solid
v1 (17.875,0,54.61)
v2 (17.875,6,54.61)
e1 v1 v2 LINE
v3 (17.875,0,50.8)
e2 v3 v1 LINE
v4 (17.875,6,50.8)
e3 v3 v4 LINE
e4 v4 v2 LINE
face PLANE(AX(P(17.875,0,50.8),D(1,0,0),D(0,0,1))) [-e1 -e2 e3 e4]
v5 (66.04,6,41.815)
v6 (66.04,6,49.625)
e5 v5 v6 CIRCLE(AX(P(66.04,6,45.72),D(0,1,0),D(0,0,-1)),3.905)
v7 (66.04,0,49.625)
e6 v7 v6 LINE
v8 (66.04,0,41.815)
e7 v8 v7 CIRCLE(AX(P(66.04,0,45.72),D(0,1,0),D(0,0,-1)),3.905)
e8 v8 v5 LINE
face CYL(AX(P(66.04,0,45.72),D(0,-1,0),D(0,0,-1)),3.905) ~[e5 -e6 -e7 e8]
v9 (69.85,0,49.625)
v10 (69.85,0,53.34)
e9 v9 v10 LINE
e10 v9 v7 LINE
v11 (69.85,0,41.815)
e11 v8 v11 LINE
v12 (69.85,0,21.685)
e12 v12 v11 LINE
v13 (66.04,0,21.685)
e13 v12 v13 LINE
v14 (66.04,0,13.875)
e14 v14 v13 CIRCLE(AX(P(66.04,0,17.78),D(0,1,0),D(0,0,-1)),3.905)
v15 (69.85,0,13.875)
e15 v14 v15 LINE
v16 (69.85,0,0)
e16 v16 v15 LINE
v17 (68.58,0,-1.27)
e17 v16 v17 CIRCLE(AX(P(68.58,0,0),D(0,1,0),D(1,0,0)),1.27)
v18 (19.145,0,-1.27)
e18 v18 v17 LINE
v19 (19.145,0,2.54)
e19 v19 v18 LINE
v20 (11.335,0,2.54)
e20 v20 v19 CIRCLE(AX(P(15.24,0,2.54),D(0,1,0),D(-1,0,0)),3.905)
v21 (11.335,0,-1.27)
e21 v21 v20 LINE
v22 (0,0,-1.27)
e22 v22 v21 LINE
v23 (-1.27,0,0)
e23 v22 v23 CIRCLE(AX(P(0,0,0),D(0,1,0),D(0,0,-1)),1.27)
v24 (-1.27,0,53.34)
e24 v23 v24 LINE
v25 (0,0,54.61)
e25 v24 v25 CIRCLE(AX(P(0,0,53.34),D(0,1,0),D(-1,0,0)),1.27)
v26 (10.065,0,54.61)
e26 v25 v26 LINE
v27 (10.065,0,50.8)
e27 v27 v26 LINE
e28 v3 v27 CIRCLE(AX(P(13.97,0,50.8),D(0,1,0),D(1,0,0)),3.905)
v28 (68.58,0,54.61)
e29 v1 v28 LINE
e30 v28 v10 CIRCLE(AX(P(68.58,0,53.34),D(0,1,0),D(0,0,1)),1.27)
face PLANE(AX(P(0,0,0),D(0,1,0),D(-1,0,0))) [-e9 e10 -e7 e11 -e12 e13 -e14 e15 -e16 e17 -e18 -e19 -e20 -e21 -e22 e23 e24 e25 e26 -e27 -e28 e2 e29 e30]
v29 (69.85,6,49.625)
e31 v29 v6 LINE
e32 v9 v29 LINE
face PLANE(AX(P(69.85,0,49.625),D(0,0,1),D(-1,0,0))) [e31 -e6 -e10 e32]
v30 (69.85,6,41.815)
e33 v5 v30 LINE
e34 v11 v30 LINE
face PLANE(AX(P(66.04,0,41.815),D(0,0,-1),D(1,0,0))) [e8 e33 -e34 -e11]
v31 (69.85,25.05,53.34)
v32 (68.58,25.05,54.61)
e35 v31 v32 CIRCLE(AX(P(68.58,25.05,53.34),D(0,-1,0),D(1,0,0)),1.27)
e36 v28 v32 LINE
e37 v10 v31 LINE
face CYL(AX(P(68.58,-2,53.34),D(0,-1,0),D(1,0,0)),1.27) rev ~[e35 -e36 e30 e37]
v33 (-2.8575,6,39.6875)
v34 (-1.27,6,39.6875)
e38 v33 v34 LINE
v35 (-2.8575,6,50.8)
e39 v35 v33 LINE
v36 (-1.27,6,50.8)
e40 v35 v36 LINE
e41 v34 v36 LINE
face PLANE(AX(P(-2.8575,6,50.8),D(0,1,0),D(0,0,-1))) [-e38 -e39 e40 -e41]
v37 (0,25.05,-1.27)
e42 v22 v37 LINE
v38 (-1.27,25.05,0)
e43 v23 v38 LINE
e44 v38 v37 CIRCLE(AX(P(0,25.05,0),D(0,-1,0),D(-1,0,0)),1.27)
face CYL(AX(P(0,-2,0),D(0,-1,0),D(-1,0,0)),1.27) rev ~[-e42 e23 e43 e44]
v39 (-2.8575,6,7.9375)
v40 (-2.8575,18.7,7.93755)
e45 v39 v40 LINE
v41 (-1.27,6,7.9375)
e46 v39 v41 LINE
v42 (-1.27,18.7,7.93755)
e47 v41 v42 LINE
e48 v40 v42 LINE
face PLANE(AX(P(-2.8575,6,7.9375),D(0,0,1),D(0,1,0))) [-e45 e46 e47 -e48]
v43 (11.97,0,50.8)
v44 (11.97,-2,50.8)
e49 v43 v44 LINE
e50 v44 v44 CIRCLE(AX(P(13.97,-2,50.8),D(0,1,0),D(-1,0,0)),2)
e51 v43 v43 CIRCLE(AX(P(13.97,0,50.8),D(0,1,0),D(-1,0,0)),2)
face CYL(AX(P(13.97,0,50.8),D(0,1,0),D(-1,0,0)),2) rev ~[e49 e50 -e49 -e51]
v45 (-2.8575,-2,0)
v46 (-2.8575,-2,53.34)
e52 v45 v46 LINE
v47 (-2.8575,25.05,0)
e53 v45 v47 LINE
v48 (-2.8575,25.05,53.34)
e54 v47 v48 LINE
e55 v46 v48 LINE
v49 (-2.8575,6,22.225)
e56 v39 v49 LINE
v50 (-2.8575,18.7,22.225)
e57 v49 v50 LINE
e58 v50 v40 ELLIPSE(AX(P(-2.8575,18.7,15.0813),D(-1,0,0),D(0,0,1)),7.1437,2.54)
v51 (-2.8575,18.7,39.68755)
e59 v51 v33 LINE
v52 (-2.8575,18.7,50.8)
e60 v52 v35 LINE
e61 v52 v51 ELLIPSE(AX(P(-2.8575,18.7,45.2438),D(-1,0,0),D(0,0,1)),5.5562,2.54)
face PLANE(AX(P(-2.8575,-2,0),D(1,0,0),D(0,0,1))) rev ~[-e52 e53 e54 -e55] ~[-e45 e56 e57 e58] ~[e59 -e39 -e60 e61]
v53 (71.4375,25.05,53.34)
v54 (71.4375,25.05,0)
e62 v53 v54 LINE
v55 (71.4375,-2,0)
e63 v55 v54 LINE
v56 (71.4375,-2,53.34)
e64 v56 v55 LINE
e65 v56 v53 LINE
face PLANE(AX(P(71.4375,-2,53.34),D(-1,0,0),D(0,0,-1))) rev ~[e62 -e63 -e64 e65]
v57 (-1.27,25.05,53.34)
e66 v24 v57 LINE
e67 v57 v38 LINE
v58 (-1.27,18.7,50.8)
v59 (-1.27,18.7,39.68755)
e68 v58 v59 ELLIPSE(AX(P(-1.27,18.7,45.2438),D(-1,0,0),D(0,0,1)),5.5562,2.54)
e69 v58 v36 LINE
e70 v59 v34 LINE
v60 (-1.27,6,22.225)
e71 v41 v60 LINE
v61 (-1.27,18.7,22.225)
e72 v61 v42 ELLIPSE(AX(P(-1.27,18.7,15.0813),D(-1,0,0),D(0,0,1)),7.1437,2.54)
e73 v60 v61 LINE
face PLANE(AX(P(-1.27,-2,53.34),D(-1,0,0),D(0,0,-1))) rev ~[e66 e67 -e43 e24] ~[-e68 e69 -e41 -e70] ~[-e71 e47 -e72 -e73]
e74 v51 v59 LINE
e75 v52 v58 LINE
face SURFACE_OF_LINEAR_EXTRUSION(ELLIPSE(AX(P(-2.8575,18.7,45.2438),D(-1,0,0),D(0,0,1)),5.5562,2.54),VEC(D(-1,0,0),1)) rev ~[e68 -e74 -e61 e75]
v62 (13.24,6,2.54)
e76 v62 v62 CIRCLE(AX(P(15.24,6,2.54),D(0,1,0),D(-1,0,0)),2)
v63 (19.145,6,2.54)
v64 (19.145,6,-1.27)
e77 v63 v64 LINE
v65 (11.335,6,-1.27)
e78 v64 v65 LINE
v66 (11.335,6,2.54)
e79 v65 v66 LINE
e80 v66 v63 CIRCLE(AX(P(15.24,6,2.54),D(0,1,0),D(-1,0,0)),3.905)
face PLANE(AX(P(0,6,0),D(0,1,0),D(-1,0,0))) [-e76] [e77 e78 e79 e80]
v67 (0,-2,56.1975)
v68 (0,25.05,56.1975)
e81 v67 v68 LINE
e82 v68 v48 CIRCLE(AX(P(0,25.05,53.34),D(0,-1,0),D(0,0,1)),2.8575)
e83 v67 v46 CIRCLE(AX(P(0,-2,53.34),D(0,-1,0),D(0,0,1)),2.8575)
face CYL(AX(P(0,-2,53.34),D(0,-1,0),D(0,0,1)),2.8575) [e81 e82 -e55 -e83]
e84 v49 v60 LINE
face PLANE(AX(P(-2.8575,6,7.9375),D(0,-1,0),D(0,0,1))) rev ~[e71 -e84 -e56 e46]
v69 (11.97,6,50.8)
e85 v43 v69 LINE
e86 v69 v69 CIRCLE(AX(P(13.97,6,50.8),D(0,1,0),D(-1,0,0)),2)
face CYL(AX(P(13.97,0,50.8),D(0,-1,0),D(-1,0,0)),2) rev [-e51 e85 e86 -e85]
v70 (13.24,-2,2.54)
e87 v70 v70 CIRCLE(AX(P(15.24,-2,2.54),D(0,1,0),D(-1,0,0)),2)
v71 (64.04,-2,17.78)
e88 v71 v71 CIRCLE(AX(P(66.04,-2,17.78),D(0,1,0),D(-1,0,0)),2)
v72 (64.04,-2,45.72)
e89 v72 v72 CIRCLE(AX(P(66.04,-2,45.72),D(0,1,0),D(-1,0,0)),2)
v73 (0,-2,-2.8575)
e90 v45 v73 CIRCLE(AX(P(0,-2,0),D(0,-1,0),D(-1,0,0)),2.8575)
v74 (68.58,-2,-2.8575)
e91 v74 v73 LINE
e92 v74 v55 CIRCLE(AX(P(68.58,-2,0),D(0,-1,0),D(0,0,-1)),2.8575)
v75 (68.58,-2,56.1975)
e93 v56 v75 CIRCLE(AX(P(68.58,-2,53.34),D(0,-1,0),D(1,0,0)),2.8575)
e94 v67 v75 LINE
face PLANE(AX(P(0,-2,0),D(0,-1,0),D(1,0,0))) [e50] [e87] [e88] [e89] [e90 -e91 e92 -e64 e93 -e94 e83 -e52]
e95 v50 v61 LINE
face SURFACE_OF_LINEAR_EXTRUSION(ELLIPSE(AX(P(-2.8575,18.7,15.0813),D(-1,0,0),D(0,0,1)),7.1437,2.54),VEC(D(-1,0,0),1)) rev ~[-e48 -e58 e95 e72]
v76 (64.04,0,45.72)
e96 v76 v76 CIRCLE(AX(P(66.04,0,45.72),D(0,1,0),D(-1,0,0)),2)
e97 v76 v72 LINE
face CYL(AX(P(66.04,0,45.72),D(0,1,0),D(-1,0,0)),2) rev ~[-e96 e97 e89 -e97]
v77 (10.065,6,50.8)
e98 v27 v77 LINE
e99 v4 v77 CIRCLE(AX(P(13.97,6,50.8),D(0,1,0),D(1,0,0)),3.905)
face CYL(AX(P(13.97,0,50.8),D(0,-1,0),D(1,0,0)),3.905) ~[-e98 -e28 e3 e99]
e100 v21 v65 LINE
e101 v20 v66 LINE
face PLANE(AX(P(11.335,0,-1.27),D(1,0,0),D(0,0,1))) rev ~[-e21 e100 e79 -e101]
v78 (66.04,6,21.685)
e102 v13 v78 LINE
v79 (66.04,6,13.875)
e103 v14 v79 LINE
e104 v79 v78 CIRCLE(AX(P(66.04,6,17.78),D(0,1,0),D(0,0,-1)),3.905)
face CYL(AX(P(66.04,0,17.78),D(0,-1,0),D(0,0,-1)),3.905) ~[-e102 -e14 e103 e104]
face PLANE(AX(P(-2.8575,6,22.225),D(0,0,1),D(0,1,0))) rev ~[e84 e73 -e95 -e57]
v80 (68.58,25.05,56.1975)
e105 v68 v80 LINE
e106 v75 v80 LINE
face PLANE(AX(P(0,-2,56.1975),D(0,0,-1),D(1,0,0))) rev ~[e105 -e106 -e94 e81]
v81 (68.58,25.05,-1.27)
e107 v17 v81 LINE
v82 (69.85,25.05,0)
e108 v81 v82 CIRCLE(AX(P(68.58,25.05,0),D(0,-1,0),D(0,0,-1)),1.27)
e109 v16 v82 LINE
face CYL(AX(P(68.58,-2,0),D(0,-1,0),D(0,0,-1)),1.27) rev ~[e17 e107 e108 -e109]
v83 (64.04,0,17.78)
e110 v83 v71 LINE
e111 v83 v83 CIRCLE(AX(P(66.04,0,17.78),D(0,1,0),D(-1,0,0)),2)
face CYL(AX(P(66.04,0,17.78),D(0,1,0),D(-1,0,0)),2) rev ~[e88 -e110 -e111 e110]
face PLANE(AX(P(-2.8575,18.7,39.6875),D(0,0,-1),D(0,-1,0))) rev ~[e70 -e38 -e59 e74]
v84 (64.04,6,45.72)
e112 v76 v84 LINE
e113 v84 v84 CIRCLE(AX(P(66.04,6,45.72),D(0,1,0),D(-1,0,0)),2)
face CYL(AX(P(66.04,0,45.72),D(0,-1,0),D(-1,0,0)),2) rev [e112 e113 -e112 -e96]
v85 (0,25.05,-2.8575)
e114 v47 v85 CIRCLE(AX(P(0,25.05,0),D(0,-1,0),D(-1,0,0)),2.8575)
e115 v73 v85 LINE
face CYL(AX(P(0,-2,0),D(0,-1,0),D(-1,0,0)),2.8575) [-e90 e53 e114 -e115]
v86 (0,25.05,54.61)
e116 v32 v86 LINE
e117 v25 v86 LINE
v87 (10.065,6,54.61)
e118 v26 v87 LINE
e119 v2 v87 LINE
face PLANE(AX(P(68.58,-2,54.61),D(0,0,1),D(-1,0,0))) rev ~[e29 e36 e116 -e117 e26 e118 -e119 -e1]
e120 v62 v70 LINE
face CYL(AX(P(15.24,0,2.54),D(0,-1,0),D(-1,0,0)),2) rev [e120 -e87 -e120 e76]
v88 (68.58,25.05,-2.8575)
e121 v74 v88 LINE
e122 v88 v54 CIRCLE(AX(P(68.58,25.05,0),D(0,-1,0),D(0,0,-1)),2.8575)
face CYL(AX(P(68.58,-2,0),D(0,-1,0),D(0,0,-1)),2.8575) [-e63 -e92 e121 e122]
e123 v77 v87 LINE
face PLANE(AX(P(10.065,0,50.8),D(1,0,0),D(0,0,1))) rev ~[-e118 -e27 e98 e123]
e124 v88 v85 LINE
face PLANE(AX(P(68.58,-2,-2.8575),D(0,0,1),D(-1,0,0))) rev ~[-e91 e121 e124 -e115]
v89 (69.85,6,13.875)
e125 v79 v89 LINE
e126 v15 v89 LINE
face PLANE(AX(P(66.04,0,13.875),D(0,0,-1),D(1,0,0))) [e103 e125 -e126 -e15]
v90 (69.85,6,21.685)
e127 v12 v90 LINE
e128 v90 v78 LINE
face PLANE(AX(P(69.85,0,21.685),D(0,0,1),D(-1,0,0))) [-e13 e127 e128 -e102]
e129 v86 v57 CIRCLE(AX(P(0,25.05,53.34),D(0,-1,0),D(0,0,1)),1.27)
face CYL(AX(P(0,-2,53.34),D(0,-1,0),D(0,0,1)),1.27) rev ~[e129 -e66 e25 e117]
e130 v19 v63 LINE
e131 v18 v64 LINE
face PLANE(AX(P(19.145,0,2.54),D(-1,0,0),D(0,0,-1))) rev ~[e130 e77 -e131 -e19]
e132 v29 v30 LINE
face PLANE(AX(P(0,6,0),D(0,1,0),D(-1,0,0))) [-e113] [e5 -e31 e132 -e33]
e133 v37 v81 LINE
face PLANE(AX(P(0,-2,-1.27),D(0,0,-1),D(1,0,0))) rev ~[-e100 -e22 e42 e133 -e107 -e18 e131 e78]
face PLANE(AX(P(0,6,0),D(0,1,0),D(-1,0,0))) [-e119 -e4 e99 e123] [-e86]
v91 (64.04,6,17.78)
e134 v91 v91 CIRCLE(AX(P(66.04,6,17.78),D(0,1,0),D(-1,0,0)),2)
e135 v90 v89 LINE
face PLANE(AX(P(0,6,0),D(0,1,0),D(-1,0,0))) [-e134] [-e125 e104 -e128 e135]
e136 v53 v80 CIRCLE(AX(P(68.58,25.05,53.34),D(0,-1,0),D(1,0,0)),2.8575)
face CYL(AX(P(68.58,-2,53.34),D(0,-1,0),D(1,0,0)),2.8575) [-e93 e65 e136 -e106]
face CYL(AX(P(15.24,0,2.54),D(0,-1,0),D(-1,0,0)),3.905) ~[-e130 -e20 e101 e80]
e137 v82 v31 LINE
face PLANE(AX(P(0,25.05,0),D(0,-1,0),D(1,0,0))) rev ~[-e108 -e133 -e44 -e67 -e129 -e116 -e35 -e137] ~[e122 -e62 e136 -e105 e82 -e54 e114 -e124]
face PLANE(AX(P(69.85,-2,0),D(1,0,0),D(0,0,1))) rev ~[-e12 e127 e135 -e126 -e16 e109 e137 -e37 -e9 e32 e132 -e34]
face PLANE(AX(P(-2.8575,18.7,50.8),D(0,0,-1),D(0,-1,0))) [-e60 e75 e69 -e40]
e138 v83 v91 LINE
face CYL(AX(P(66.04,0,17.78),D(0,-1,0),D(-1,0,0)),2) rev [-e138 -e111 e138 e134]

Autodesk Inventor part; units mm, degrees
ref_plane "YZ Plane" through (0, 0, 0) normal (1, 0, 0) x (0, 1, 0)
ref_plane "XZ Plane" through (0, 0, 0) normal (0, 1, 0) x (-1, 0, 0)
ref_plane "XY Plane" through (0, 0, 0) normal (0, 0, 1) x (1, 0, 0)
sketch "Sketch1" plane through (0, 0, 0) normal (0, 1, 0) x (-1, 0, 0)
  circle A0 centre (-15.24, 2.54) radius 2
  circle A1 centre (-66.04, 17.78) radius 2
  circle A2 centre (-66.04, 45.72) radius 2
  line L0 (0, 0) -> (-68.58, 0) construction
  line L1 (-68.58, 0) -> (-68.58, 53.34) construction
  line L2 (-68.58, 53.34) -> (0, 53.34) construction
  line L3 (0, 53.34) -> (0, 0) construction
  line L4 (-68.58, -1.27) -> (0, -1.27)
  line L5 (1.27, 0) -> (1.27, 53.34)
  line L6 (0, 54.61) -> (-68.58, 54.61)
  line L7 (-69.85, 53.34) -> (-69.85, 0)
  arc A3 (0, -1.27) -> (1.27, 0) centre (0, 0) ccw
  arc A4 (-69.85, 0) -> (-68.58, -1.27) centre (-68.58, 0) ccw
  arc A5 (-68.58, 54.61) -> (-69.85, 53.34) centre (-68.58, 53.34) ccw
  arc A6 (1.27, 53.34) -> (0, 54.61) centre (0, 53.34) ccw
  arc A7 (-11.335, 2.54) -> (-19.145, 2.54) centre (-15.24, 2.54) ccw
  arc A8 (-66.04, 41.815) -> (-66.04, 49.625) centre (-66.04, 45.72) ccw
  arc A9 (-66.04, 13.875) -> (-66.04, 21.685) centre (-66.04, 17.78) ccw
  line L8 (-11.335, 2.54) -> (-19.145, 2.54) construction
  line L9 (-19.145, 2.54) -> (-19.145, -1.27)
  line L10 (-19.145, -1.27) -> (-11.335, -1.27)
  line L11 (-11.335, -1.27) -> (-11.335, 2.54)
  line L12 (-66.04, 13.875) -> (-69.85, 13.875)
  line L13 (-69.85, 13.875) -> (-69.85, 21.685)
  line L14 (-69.85, 21.685) -> (-66.04, 21.685)
  line L15 (-66.04, 21.685) -> (-66.04, 13.875) construction
  line L16 (-66.04, 41.815) -> (-69.85, 41.815)
  line L17 (-69.85, 41.815) -> (-69.85, 49.625)
  line L18 (-69.85, 49.625) -> (-66.04, 49.625)
  line L19 (-66.04, 49.625) -> (-66.04, 41.815) construction
  line L20 (-11.335, 54.61) -> (-19.145, 54.61)
  circle A10 centre (-13.97, 50.8) radius 2
  circle A11 centre (-13.97, 50.8) radius 3.905 construction
  arc A12 (-17.875, 50.8) -> (-10.065, 50.8) centre (-13.97, 50.8) ccw
  line L21 (-17.875, 50.8) -> (-17.875, 54.61)
  line L22 (-10.065, 50.8) -> (-10.065, 54.61)
  point P0 (-15.24, 2.54)
  dimension "d0" = 4
  dimension "d4" = 15.24
  dimension "d5" = 2.54
  dimension "d6" = 17.78
  dimension "d7" = 66.04
  dimension "d8" = 45.72
  dimension "d10" = 2.54
  dimension "d12" = 1.27
  dimension "d13" = 1.27
  dimension "d14" = 1.905
  dimension "d51" = 53.34
  dimension "d52" = 50.8
  dimension "d54" = 1.27
extrude "Extrusion1" add sketch "Sketch1" along normal blind 6 contours L9 A7 L11 L4 | L7 L14 A9 L12 | L7 L18 A8 L16 | L22 A12 L21 L6
extrude "Extrusion2" add sketch "Sketch1" against normal blind 2
sketch "Sketch2" plane through (0, -2, 0) normal (0, -1, 0) x (1, 0, 0)
  line L0 (68.58, 54.61) -> (0, 54.61) projected
  arc A0 (0, 54.61) -> (-1.27, 53.34) centre (0, 53.34) ccw projected
  line L1 (-1.27, 53.34) -> (-1.27, 0) projected
  arc A1 (-1.27, 0) -> (0, -1.27) centre (0, 0) ccw projected
  line L2 (0, -1.27) -> (68.58, -1.27) projected
  arc A2 (68.58, -1.27) -> (69.85, 0) centre (68.58, 0) ccw projected
  line L3 (69.85, 0) -> (69.85, 53.34) projected
  arc A3 (69.85, 53.34) -> (68.58, 54.61) centre (68.58, 53.34) ccw projected
  line L4 (68.58, -2.8575) -> (0, -2.8575)
  arc A4 (-2.8575, 0) -> (0, -2.8575) centre (0, 0) ccw
  line L5 (-2.8575, 0) -> (-2.8575, 53.34)
  arc A5 (0, 56.1975) -> (-2.8575, 53.34) centre (0, 53.34) ccw
  line L6 (0, 56.1975) -> (68.58, 56.1975)
  arc A6 (71.4375, 53.34) -> (68.58, 56.1975) centre (68.58, 53.34) ccw
  line L7 (71.4375, 53.34) -> (71.4375, 0)
  arc A7 (68.58, -2.8575) -> (71.4375, 0) centre (68.58, 0) ccw
  point P0 (0, 0)
  dimension "d19" = 1.5875
extrude "Extrusion3" add sketch "Sketch2" against normal blind 27.05
sketch "Sketch4" plane through (-2.8575, -2, 0) normal (-1, 0, 0) x (0, 0, 1)
  line L0 (0, 2) -> (53.34, 2) projected
  line L1 (0, 27.05) -> (53.34, 27.05) projected
  line L2 (50.8, 20.7) -> (39.6875, 20.7) construction
  line L3 (39.6875, 20.7) -> (39.6875, 8)
  ellipse E0 centre (45.2438, 20.7) end of major axis (50.8, 20.7) minor radius 2.54 (50.8, 20.7) -> (39.6875, 20.7) ccw
  ellipse E1 centre (45.2438, 20.7) end of major axis (50.8, 20.7) minor radius 2.54 (39.6875, 20.7) -> (50.8, 20.7) ccw construction
  line L4 (7.9375, 8) -> (7.9375, 20.7)
  line L5 (22.225, 8) -> (22.225, 20.7)
  ellipse E2 centre (15.0813, 20.7) end of major axis (22.225, 20.7) minor radius 2.54 (22.225, 20.7) -> (7.9375, 20.7) ccw
  line L6 (7.9375, 8) -> (22.225, 8)
  line L7 (50.8, 20.7) -> (50.8, 8)
  line L8 (50.8, 8) -> (39.6875, 8)
  line L9 (50.8, 8) -> (54.61, 8) projected
  line L10 (54.61, 8) -> (50.8, 8) projected
  line L11 (50.8, 8) -> (50.8, 8) projected
  line L12 (48.8, 8) -> (52.8, 8) projected
  line L13 (2.54, 8) -> (-1.27, 8) projected
  line L14 (-1.27, 8) -> (2.54, 8) projected
  line L15 (2.54, 8) -> (2.54, 8) projected
  line L16 (0.54, 8) -> (4.54, 8) projected
  line L17 (53.34, 0) -> (53.34, 27.05) projected
  point P0 (2.54, 2)
  point P1 (2.54, 2)
  point P2 (2.54, 2)
  point P3 (2.54, 2)
  dimension "d26" = 2.54
  dimension "d29" = 2.54
  dimension "d25" = 11.1125
  dimension "d27" = 7.9375
  dimension "d28" = 14.2875
  dimension "d56" = 2.54
  dimension "d57" = 12.7
extrude "Extrusion5" cut sketch "Sketch4" against normal up to surface (1.5875 mm away)
sketch "Sketch6" plane through (0, 0, 0) normal (0, 1, 0) x (1, 0, 0)
  line L0 (28.6568, -13.7506) -> (43.0772, -34.6602)
  point P0 (0, 0)
  dimension "d50" = 25.4
sketch "Sketch7" plane through (-2.8575, -2, 0) normal (-1, 0, 0) x (0, 0, 1)
  line L0 (0, 0) -> (0, 27.05) projected
  line L1 (0, 0) -> (-8.89, 0)
  line L2 (-8.89, 0) -> (-21.1351, -14.5931)
  line L3 (-21.1351, -14.5931) -> (-21.1351, -17.1331)
  line L4 (-21.1351, -17.1331) -> (11.9427, -44.8887)
  line L5 (53.34, 0) -> (0, 0) construction
  line L6 (26.67, 0) -> (26.67, -45.2204) construction
  line L7 (-8.89, 0) -> (25.1607, -28.5719) construction
  point P0 (0, 2)
  dimension "d58" = 8.89
  dimension "d59" = 19.05
  dimension "d60" = 130
  dimension "d61" = 2.54
  dimension "d62" = 43.18
  dimension "d63" = 130
properties part number "ArduinoHolder-v3"
